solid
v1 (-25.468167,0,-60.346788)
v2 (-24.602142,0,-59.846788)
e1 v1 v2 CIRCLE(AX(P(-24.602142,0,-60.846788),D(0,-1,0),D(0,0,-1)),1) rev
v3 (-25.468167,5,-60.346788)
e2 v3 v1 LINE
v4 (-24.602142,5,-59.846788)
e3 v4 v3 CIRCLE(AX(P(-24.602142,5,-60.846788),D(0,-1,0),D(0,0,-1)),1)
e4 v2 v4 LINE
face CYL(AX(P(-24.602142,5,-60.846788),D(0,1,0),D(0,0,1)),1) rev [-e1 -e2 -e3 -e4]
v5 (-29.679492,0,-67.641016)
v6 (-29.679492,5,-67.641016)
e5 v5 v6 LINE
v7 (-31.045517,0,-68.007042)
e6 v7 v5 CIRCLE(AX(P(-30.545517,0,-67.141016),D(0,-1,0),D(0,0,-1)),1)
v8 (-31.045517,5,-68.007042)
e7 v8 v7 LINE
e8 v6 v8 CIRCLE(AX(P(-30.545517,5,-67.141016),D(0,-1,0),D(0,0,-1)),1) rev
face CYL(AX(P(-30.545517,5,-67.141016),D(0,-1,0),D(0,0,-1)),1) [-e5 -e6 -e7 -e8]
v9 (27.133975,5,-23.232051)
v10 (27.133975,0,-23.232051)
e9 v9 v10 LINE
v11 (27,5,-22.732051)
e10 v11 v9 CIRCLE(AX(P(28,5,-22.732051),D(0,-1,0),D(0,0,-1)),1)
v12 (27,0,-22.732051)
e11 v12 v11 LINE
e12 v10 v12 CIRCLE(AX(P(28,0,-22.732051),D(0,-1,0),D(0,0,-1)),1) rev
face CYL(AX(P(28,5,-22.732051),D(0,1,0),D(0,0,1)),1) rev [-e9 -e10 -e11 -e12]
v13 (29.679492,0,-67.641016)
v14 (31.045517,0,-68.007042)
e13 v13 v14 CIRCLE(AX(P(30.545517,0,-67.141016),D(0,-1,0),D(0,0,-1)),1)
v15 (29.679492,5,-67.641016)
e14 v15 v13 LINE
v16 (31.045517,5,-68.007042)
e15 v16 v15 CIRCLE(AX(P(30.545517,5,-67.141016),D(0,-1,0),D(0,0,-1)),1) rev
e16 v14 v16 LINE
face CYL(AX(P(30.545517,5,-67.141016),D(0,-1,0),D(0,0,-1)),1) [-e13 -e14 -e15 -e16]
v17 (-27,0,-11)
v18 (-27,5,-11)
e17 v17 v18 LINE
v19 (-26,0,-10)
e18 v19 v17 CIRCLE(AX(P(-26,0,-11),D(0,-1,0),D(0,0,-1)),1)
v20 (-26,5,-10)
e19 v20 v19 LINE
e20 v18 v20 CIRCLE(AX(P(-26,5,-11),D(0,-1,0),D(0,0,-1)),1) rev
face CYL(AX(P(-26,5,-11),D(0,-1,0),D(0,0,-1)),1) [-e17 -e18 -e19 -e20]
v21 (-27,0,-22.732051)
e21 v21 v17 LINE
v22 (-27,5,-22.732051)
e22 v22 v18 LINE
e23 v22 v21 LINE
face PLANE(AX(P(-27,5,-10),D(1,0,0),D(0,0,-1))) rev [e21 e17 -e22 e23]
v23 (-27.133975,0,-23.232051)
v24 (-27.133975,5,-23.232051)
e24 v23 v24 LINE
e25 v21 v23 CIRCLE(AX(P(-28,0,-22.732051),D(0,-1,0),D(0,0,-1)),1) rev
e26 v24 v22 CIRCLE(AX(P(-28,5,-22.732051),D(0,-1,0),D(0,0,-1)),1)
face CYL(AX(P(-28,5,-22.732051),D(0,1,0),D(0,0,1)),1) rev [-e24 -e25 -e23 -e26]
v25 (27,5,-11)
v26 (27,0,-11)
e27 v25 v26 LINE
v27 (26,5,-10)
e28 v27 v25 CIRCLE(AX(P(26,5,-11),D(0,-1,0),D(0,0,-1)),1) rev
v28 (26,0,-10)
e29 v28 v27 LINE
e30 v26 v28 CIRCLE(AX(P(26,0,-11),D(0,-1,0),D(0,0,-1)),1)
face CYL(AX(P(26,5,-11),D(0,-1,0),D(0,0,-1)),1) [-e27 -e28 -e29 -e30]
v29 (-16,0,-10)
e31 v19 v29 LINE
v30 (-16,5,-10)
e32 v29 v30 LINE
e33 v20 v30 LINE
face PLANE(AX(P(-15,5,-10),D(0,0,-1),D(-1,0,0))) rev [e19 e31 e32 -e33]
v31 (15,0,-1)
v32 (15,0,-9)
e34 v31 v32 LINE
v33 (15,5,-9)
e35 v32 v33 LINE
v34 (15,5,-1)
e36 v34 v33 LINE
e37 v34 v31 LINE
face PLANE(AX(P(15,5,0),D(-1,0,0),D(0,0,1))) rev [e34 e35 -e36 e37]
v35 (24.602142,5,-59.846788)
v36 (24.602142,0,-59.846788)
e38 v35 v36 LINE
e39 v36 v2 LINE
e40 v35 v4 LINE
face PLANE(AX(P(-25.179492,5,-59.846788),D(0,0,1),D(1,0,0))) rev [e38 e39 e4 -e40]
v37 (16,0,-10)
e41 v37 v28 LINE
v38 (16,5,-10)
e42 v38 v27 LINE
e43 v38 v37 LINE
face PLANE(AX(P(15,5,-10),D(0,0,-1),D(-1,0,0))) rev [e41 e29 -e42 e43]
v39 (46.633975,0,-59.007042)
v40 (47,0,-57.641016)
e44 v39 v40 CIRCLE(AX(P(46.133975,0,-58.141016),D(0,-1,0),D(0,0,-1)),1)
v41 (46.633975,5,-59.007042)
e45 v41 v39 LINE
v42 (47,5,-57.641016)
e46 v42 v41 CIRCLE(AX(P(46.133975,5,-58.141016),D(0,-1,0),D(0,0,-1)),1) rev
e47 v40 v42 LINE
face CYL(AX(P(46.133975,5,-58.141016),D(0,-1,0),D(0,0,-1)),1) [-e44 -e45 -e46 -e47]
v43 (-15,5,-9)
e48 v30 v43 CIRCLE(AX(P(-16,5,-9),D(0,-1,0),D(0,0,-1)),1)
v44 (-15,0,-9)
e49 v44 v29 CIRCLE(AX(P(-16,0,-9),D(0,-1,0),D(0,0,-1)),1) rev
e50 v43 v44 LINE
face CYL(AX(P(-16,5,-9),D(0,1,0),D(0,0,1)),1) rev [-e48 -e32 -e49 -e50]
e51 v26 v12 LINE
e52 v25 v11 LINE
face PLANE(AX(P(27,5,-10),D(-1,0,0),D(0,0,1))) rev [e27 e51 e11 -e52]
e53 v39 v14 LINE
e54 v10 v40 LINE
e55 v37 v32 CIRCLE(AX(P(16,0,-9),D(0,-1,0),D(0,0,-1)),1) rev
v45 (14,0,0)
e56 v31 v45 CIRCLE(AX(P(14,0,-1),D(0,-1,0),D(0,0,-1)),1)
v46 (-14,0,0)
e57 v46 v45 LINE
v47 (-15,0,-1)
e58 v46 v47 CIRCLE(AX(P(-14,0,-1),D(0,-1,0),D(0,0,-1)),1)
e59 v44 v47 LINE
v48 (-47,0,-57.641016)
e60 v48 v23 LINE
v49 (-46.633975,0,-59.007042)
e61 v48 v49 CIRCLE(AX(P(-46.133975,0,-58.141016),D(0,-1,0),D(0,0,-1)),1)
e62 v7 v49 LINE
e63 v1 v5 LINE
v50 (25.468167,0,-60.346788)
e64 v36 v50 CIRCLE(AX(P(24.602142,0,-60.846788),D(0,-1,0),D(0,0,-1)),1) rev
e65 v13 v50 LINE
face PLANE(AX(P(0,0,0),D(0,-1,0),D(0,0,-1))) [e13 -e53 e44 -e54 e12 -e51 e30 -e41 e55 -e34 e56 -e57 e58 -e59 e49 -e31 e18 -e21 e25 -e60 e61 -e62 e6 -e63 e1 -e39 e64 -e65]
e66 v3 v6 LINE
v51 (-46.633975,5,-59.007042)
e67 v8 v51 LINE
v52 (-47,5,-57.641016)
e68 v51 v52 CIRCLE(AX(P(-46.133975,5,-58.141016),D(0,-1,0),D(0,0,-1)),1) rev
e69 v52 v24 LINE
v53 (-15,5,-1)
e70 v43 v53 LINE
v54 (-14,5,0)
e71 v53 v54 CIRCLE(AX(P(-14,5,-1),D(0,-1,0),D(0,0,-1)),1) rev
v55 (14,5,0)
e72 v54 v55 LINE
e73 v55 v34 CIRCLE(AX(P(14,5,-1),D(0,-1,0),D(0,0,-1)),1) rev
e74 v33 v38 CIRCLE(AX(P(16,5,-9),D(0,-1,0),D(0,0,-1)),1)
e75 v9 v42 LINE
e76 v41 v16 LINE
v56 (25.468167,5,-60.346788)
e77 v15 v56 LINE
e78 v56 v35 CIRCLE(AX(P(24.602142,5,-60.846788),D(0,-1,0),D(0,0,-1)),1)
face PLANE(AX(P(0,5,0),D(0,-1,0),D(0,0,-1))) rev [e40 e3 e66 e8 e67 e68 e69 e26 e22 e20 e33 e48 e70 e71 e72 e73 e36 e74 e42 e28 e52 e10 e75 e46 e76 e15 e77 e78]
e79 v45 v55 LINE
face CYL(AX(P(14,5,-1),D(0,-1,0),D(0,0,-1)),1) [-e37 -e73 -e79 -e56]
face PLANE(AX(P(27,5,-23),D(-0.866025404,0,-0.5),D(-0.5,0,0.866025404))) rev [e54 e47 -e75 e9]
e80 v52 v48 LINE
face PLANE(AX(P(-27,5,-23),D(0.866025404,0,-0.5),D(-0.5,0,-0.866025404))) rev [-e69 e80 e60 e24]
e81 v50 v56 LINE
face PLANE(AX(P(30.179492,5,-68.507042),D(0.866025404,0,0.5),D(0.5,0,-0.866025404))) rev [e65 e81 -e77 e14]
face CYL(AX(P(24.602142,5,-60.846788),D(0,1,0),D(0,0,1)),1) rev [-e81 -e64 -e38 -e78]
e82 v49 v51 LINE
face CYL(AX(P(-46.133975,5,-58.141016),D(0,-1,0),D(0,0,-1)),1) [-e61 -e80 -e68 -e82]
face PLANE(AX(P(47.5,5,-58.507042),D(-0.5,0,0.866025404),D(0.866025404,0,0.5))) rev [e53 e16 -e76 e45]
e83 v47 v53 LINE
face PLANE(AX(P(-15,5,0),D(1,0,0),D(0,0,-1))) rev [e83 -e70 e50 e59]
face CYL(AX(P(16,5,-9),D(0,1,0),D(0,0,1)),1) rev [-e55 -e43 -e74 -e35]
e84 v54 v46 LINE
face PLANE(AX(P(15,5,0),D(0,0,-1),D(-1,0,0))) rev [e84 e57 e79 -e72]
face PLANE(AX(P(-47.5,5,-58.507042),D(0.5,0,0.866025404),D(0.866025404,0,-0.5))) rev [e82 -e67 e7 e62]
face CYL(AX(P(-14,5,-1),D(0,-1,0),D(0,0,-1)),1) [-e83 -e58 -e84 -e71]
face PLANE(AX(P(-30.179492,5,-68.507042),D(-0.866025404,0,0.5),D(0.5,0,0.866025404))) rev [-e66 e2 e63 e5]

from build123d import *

# Parameters (mm, degrees)
EXTRUDE_1_DEPTH = 5
FILLET_1_R      = 1


with BuildPart() as part:
    # 草圖1 → 填料-伸長1 (new body)
    with BuildSketch(Plane(origin=(0, 0, 0), x_dir=(1, 0, 0), z_dir=(0, 1, 0))):
        Polygon((15, 0), (-15, 0), (-15, 10), (-27, 10), (-27, 23), (-47.5, 58.507041555), (-30.179491924, 68.507041555), (-25.179491924, 59.846787517), (25.179491924, 59.846787517), (30.179491924, 68.507041555), (47.5, 58.507041555), (27, 23), (27, 10), (15, 10), align=None)
    extrude(amount=EXTRUDE_1_DEPTH)

    # 圓角1
    fillet_1_edges = [part.edges().sort_by_distance(p)[0] for p in [
        (-27, 2.5, -10),
        (-27, 2.5, -23),
        (-47.5, 2.5, -58.507041555),
        (-30.179491924, 2.5, -68.507041555),
        (-25.179491924, 2.5, -59.846787517),
        (25.179491924, 2.5, -59.846787517),
        (30.179491924, 2.5, -68.507041555),
        (47.5, 2.5, -58.507041555),
        (27, 2.5, -23),
        (27, 2.5, -10),
        (15, 2.5, -10),
        (15, 2.5, 0),
        (-15, 2.5, 0),
        (-15, 2.5, -10),
    ]]
    fillet(fillet_1_edges, radius=FILLET_1_R)


solid = part.part
